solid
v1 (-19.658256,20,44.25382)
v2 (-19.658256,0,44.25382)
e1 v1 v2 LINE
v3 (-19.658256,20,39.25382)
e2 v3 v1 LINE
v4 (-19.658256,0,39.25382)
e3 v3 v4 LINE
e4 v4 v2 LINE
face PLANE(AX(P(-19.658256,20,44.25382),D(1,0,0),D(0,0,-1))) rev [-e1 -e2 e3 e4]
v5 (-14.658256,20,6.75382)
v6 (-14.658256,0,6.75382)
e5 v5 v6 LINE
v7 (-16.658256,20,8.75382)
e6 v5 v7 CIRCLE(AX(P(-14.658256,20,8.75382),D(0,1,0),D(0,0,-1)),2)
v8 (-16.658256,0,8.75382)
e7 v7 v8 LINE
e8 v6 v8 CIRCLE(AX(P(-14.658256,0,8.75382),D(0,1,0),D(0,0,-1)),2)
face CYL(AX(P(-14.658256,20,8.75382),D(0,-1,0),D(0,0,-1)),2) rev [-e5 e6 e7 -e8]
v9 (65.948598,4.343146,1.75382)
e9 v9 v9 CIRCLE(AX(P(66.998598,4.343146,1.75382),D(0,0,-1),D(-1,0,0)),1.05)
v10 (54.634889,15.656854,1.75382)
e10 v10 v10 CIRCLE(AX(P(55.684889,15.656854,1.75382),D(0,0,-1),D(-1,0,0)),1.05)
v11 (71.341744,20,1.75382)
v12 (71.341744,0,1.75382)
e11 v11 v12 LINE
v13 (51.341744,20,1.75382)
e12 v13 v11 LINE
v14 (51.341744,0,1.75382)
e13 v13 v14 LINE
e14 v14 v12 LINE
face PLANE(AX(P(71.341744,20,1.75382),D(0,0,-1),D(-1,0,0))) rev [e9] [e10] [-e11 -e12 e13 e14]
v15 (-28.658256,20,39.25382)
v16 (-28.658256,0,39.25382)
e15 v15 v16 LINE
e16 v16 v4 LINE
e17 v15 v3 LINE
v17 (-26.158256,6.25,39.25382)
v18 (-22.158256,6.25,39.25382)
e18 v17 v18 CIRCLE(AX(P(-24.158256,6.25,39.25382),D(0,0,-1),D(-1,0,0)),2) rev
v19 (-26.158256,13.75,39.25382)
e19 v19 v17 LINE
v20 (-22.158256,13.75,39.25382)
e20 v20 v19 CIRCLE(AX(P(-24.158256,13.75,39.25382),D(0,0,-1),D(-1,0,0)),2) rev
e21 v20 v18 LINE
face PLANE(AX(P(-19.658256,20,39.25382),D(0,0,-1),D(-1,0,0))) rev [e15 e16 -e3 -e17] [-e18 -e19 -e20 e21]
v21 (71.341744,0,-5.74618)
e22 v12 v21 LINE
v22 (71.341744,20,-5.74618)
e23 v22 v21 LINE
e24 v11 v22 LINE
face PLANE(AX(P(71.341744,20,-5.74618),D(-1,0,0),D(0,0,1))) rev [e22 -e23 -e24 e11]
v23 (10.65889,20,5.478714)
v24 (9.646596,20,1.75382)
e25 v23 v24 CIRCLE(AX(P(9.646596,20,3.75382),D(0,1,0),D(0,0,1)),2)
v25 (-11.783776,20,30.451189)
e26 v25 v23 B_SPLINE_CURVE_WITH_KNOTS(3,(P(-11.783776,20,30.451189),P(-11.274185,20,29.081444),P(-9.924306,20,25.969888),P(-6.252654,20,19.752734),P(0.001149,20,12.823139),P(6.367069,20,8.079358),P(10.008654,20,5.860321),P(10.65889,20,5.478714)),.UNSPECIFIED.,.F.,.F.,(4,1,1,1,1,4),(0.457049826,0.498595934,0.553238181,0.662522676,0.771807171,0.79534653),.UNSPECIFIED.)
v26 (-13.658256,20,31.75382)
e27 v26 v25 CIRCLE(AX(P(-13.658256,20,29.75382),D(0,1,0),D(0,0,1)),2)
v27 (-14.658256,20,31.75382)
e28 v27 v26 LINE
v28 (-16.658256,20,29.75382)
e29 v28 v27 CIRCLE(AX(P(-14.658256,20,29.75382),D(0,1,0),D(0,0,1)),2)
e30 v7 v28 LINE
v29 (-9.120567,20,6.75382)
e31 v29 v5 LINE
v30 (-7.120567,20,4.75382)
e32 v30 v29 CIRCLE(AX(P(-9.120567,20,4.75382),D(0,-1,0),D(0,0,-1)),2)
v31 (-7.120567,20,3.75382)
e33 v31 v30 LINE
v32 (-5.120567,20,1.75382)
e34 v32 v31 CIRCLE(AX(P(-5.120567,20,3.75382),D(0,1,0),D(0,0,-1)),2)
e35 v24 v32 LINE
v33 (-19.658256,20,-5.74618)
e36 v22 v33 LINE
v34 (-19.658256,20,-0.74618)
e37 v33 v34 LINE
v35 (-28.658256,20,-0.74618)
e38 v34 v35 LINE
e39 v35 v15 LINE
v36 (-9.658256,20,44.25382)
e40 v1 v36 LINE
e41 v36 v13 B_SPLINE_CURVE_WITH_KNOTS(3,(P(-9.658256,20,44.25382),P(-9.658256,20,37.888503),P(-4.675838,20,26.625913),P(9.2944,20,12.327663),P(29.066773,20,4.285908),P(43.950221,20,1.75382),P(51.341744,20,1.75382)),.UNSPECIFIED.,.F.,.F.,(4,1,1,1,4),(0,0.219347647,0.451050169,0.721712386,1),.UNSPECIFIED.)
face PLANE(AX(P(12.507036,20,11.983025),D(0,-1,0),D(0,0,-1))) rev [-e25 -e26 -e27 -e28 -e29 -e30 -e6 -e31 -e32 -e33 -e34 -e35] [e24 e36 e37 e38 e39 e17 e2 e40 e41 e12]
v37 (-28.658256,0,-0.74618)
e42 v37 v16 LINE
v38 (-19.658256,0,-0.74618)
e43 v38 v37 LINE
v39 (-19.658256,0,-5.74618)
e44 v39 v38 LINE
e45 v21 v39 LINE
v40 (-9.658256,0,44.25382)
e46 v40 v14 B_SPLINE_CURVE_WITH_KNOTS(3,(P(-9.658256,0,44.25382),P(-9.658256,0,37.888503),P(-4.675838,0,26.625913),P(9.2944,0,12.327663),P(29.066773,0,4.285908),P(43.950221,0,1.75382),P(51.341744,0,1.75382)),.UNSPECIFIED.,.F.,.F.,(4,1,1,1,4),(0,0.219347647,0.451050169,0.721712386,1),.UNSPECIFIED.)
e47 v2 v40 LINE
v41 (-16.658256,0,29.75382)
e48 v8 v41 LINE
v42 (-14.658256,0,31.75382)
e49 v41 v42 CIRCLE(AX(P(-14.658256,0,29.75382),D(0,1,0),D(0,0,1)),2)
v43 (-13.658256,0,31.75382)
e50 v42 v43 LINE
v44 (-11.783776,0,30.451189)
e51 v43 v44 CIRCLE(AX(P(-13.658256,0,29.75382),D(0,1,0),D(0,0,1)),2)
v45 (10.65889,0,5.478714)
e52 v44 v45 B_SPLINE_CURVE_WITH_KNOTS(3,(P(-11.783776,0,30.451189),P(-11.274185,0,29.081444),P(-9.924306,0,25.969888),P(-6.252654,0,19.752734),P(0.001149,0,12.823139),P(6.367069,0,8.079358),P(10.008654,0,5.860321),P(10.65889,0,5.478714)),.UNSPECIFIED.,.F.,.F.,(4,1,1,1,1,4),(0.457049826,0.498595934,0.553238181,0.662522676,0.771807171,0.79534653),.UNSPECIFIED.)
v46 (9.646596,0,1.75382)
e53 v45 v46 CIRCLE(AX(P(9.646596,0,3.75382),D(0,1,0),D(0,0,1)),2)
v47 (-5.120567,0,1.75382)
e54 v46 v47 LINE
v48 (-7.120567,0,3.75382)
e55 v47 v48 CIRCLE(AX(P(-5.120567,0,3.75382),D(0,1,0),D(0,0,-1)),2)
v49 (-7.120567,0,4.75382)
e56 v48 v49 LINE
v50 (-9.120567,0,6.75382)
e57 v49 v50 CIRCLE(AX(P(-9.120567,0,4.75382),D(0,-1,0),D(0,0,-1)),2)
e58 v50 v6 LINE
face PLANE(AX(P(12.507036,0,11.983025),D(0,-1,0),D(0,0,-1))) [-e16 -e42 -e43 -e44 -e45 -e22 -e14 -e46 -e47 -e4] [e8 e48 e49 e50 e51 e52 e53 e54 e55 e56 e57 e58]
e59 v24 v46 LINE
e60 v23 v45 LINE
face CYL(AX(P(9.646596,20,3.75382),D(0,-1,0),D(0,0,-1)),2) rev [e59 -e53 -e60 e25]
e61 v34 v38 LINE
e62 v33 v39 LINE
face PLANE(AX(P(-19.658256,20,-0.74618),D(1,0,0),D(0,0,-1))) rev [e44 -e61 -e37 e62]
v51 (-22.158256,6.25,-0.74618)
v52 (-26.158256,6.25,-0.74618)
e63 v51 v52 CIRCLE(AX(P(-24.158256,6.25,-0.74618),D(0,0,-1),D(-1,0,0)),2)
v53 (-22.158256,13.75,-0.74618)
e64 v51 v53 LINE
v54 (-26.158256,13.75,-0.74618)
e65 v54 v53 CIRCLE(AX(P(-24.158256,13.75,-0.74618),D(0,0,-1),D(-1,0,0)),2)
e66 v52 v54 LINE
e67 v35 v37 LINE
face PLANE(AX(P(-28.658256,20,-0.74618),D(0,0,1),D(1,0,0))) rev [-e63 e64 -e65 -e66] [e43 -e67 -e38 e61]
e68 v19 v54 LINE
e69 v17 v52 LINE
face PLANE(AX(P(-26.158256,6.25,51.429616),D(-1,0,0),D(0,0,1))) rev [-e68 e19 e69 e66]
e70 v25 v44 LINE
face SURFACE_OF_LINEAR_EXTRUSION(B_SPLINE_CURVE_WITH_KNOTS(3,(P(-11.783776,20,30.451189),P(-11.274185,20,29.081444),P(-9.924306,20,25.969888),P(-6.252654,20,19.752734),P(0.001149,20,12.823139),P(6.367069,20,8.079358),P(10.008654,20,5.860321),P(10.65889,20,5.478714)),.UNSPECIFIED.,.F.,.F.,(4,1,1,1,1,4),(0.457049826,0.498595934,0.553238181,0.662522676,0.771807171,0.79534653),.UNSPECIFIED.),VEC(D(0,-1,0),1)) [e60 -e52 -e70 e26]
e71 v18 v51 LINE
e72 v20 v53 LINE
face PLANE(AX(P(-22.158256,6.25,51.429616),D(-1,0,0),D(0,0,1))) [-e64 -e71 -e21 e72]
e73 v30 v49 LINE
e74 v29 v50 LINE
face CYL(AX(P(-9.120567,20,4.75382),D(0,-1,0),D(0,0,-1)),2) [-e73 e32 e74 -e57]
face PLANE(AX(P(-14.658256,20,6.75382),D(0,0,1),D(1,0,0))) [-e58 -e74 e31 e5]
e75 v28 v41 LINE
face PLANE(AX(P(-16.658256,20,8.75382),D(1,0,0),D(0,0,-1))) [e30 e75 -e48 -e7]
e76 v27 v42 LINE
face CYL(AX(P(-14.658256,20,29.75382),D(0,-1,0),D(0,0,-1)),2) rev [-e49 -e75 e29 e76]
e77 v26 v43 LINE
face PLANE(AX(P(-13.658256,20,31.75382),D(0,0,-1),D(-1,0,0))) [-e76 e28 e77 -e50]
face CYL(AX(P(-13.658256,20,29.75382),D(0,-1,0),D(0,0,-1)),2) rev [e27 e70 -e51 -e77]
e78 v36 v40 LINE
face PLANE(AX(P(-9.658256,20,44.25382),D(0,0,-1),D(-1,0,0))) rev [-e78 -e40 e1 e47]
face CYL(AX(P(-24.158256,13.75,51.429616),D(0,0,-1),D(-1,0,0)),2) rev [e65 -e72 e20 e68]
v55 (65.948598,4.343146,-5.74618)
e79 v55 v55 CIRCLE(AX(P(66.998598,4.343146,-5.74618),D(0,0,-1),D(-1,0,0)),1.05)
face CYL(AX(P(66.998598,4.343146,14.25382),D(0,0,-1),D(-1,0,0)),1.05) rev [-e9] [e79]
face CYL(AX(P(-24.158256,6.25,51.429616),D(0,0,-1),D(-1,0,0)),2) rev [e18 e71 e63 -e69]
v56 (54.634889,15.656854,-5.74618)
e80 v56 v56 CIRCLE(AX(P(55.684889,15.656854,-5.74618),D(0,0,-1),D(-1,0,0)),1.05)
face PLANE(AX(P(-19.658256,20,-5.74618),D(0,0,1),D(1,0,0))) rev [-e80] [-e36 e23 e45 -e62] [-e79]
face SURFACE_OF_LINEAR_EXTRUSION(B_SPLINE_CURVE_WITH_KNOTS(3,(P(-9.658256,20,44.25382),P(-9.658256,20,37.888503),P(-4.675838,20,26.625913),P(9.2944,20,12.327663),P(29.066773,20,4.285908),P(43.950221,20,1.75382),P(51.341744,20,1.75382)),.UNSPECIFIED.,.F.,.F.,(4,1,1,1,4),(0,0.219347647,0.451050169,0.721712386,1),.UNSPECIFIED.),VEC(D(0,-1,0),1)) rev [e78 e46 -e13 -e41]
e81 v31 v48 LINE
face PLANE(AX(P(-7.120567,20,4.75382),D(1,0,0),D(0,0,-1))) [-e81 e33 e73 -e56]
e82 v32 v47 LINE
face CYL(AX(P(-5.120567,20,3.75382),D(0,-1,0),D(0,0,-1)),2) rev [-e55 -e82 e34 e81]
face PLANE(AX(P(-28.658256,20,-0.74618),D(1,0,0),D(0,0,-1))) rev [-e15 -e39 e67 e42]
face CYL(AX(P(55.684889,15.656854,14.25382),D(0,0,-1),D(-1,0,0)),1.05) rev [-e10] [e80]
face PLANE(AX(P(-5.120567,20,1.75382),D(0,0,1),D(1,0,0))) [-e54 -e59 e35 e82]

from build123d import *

# Parameters (mm, degrees)
BOSS_EXTRUDE1_DEPTH = 20
SKETCH3_R           = 1.05
CUT_EXTRUDE1_DEPTH  = 20
CUT_EXTRUDE2_DEPTH  = 40


with BuildPart() as part:
    # Sketch2 → Boss-Extrude1 (new body)
    with BuildSketch(Plane(origin=(0, 0, 0), x_dir=(1, 0, 0), z_dir=(0, 1, 0))):
        with BuildLine():
            Line((-28.658256337, 0.746179815), (-28.658256337, -39.253820185))
            Line((-28.658256337, -39.253820185), (-19.658256337, -39.253820185))
            Line((-19.658256337, -39.253820185), (-19.658256337, -44.253820185))
            Line((-19.658256337, -44.253820185), (-9.658256337, -44.253820185))
            add(Edge.make_bspline(
                [(51.341743663, -1.753820185), (43.95022076, -1.753820185), (29.066773176, -4.285907938), (9.29440035, -12.327662678), (-4.675837532, -26.625913431), (-9.658256337, -37.88850288), (-9.658256337, -44.253820185)],
                knots=[0, 0, 0, 0, 0.278287614, 0.548949831, 0.780652353, 1, 1, 1, 1], degree=3))
            Line((51.341743663, -1.753820185), (71.341743663, -1.753820185))
            Line((71.341743663, -1.753820185), (71.341743663, 5.746179815))
            Line((71.341743663, 5.746179815), (-19.658256337, 5.746179815))
            Line((-19.658256337, 5.746179815), (-19.658256337, 0.746179815))
            Line((-19.658256337, 0.746179815), (-28.658256337, 0.746179815))
        make_face()
        with BuildLine():
            Line((-16.658256337, -8.753820185), (-16.658256337, -29.753820185))
            ThreePointArc((-16.658256337, -29.753820185), (-16.072469899, -31.168033747), (-14.658256337, -31.753820185))
            Line((-14.658256337, -31.753820185), (-13.658256337, -31.753820185))
            ThreePointArc((-13.658256337, -31.753820185), (-12.516927691, -31.396187051), (-11.783775986, -30.451189107))
            add(Edge.make_bspline(
                [(-11.783775986, -30.451189107), (-11.274185157, -29.081443531), (-9.924306316, -25.969887858), (-6.252653639, -19.752734333), (0.001148732, -12.823138849), (6.367068894, -8.07935758), (10.008653919, -5.860320829), (10.658890446, -5.478714099)],
                knots=[0.457049826, 0.457049826, 0.457049826, 0.457049826, 0.498595934, 0.553238181, 0.662522676, 0.771807171, 0.79534653, 0.79534653, 0.79534653, 0.79534653], degree=3))
            ThreePointArc((10.658890446, -5.478714099), (11.576593959, -3.229314622), (9.646595536, -1.753820185))
            Line((9.646595536, -1.753820185), (-5.120566965, -1.753820185))
            ThreePointArc((-5.120566965, -1.753820185), (-6.534780528, -2.339606623), (-7.120566965, -3.753820185))
            Line((-7.120566965, -3.753820185), (-7.120566965, -4.753820185))
            ThreePointArc((-7.120566965, -4.753820185), (-7.706353403, -6.168033747), (-9.120566965, -6.753820185))
            Line((-9.120566965, -6.753820185), (-14.658256337, -6.753820185))
            ThreePointArc((-14.658256337, -6.753820185), (-16.072469899, -7.339606623), (-16.658256337, -8.753820185))
        make_face(mode=Mode.SUBTRACT)
    extrude(amount=BOSS_EXTRUDE1_DEPTH)

    # Sketch3 → Cut-Extrude1 (cut)
    with BuildSketch(Plane(origin=(0, 0, -5.746179815), x_dir=(-1, 0, 0), z_dir=(0, 0, -1))):
        with Locations((-55.684889413, 15.656854249)):
            Circle(SKETCH3_R)
        with Locations((-66.998597912, 4.343145751)):
            Circle(SKETCH3_R)
    extrude(amount=-CUT_EXTRUDE1_DEPTH, mode=Mode.SUBTRACT)

    # Sketch4 → Cut-Extrude2 (cut)
    with BuildSketch(Plane(origin=(0, 0, -0.746179815), x_dir=(-1, 0, 0), z_dir=(0, 0, -1))):
        with BuildLine():
            Line((22.158256337, 6.25), (22.158256337, 13.75))
            ThreePointArc((22.158256337, 13.75), (24.158256337, 15.75), (26.158256337, 13.75))
            Line((26.158256337, 13.75), (26.158256337, 6.25))
            ThreePointArc((26.158256337, 6.25), (24.158256337, 4.25), (22.158256337, 6.25))
        make_face()
    extrude(amount=-CUT_EXTRUDE2_DEPTH, mode=Mode.SUBTRACT)


solid = part.part
